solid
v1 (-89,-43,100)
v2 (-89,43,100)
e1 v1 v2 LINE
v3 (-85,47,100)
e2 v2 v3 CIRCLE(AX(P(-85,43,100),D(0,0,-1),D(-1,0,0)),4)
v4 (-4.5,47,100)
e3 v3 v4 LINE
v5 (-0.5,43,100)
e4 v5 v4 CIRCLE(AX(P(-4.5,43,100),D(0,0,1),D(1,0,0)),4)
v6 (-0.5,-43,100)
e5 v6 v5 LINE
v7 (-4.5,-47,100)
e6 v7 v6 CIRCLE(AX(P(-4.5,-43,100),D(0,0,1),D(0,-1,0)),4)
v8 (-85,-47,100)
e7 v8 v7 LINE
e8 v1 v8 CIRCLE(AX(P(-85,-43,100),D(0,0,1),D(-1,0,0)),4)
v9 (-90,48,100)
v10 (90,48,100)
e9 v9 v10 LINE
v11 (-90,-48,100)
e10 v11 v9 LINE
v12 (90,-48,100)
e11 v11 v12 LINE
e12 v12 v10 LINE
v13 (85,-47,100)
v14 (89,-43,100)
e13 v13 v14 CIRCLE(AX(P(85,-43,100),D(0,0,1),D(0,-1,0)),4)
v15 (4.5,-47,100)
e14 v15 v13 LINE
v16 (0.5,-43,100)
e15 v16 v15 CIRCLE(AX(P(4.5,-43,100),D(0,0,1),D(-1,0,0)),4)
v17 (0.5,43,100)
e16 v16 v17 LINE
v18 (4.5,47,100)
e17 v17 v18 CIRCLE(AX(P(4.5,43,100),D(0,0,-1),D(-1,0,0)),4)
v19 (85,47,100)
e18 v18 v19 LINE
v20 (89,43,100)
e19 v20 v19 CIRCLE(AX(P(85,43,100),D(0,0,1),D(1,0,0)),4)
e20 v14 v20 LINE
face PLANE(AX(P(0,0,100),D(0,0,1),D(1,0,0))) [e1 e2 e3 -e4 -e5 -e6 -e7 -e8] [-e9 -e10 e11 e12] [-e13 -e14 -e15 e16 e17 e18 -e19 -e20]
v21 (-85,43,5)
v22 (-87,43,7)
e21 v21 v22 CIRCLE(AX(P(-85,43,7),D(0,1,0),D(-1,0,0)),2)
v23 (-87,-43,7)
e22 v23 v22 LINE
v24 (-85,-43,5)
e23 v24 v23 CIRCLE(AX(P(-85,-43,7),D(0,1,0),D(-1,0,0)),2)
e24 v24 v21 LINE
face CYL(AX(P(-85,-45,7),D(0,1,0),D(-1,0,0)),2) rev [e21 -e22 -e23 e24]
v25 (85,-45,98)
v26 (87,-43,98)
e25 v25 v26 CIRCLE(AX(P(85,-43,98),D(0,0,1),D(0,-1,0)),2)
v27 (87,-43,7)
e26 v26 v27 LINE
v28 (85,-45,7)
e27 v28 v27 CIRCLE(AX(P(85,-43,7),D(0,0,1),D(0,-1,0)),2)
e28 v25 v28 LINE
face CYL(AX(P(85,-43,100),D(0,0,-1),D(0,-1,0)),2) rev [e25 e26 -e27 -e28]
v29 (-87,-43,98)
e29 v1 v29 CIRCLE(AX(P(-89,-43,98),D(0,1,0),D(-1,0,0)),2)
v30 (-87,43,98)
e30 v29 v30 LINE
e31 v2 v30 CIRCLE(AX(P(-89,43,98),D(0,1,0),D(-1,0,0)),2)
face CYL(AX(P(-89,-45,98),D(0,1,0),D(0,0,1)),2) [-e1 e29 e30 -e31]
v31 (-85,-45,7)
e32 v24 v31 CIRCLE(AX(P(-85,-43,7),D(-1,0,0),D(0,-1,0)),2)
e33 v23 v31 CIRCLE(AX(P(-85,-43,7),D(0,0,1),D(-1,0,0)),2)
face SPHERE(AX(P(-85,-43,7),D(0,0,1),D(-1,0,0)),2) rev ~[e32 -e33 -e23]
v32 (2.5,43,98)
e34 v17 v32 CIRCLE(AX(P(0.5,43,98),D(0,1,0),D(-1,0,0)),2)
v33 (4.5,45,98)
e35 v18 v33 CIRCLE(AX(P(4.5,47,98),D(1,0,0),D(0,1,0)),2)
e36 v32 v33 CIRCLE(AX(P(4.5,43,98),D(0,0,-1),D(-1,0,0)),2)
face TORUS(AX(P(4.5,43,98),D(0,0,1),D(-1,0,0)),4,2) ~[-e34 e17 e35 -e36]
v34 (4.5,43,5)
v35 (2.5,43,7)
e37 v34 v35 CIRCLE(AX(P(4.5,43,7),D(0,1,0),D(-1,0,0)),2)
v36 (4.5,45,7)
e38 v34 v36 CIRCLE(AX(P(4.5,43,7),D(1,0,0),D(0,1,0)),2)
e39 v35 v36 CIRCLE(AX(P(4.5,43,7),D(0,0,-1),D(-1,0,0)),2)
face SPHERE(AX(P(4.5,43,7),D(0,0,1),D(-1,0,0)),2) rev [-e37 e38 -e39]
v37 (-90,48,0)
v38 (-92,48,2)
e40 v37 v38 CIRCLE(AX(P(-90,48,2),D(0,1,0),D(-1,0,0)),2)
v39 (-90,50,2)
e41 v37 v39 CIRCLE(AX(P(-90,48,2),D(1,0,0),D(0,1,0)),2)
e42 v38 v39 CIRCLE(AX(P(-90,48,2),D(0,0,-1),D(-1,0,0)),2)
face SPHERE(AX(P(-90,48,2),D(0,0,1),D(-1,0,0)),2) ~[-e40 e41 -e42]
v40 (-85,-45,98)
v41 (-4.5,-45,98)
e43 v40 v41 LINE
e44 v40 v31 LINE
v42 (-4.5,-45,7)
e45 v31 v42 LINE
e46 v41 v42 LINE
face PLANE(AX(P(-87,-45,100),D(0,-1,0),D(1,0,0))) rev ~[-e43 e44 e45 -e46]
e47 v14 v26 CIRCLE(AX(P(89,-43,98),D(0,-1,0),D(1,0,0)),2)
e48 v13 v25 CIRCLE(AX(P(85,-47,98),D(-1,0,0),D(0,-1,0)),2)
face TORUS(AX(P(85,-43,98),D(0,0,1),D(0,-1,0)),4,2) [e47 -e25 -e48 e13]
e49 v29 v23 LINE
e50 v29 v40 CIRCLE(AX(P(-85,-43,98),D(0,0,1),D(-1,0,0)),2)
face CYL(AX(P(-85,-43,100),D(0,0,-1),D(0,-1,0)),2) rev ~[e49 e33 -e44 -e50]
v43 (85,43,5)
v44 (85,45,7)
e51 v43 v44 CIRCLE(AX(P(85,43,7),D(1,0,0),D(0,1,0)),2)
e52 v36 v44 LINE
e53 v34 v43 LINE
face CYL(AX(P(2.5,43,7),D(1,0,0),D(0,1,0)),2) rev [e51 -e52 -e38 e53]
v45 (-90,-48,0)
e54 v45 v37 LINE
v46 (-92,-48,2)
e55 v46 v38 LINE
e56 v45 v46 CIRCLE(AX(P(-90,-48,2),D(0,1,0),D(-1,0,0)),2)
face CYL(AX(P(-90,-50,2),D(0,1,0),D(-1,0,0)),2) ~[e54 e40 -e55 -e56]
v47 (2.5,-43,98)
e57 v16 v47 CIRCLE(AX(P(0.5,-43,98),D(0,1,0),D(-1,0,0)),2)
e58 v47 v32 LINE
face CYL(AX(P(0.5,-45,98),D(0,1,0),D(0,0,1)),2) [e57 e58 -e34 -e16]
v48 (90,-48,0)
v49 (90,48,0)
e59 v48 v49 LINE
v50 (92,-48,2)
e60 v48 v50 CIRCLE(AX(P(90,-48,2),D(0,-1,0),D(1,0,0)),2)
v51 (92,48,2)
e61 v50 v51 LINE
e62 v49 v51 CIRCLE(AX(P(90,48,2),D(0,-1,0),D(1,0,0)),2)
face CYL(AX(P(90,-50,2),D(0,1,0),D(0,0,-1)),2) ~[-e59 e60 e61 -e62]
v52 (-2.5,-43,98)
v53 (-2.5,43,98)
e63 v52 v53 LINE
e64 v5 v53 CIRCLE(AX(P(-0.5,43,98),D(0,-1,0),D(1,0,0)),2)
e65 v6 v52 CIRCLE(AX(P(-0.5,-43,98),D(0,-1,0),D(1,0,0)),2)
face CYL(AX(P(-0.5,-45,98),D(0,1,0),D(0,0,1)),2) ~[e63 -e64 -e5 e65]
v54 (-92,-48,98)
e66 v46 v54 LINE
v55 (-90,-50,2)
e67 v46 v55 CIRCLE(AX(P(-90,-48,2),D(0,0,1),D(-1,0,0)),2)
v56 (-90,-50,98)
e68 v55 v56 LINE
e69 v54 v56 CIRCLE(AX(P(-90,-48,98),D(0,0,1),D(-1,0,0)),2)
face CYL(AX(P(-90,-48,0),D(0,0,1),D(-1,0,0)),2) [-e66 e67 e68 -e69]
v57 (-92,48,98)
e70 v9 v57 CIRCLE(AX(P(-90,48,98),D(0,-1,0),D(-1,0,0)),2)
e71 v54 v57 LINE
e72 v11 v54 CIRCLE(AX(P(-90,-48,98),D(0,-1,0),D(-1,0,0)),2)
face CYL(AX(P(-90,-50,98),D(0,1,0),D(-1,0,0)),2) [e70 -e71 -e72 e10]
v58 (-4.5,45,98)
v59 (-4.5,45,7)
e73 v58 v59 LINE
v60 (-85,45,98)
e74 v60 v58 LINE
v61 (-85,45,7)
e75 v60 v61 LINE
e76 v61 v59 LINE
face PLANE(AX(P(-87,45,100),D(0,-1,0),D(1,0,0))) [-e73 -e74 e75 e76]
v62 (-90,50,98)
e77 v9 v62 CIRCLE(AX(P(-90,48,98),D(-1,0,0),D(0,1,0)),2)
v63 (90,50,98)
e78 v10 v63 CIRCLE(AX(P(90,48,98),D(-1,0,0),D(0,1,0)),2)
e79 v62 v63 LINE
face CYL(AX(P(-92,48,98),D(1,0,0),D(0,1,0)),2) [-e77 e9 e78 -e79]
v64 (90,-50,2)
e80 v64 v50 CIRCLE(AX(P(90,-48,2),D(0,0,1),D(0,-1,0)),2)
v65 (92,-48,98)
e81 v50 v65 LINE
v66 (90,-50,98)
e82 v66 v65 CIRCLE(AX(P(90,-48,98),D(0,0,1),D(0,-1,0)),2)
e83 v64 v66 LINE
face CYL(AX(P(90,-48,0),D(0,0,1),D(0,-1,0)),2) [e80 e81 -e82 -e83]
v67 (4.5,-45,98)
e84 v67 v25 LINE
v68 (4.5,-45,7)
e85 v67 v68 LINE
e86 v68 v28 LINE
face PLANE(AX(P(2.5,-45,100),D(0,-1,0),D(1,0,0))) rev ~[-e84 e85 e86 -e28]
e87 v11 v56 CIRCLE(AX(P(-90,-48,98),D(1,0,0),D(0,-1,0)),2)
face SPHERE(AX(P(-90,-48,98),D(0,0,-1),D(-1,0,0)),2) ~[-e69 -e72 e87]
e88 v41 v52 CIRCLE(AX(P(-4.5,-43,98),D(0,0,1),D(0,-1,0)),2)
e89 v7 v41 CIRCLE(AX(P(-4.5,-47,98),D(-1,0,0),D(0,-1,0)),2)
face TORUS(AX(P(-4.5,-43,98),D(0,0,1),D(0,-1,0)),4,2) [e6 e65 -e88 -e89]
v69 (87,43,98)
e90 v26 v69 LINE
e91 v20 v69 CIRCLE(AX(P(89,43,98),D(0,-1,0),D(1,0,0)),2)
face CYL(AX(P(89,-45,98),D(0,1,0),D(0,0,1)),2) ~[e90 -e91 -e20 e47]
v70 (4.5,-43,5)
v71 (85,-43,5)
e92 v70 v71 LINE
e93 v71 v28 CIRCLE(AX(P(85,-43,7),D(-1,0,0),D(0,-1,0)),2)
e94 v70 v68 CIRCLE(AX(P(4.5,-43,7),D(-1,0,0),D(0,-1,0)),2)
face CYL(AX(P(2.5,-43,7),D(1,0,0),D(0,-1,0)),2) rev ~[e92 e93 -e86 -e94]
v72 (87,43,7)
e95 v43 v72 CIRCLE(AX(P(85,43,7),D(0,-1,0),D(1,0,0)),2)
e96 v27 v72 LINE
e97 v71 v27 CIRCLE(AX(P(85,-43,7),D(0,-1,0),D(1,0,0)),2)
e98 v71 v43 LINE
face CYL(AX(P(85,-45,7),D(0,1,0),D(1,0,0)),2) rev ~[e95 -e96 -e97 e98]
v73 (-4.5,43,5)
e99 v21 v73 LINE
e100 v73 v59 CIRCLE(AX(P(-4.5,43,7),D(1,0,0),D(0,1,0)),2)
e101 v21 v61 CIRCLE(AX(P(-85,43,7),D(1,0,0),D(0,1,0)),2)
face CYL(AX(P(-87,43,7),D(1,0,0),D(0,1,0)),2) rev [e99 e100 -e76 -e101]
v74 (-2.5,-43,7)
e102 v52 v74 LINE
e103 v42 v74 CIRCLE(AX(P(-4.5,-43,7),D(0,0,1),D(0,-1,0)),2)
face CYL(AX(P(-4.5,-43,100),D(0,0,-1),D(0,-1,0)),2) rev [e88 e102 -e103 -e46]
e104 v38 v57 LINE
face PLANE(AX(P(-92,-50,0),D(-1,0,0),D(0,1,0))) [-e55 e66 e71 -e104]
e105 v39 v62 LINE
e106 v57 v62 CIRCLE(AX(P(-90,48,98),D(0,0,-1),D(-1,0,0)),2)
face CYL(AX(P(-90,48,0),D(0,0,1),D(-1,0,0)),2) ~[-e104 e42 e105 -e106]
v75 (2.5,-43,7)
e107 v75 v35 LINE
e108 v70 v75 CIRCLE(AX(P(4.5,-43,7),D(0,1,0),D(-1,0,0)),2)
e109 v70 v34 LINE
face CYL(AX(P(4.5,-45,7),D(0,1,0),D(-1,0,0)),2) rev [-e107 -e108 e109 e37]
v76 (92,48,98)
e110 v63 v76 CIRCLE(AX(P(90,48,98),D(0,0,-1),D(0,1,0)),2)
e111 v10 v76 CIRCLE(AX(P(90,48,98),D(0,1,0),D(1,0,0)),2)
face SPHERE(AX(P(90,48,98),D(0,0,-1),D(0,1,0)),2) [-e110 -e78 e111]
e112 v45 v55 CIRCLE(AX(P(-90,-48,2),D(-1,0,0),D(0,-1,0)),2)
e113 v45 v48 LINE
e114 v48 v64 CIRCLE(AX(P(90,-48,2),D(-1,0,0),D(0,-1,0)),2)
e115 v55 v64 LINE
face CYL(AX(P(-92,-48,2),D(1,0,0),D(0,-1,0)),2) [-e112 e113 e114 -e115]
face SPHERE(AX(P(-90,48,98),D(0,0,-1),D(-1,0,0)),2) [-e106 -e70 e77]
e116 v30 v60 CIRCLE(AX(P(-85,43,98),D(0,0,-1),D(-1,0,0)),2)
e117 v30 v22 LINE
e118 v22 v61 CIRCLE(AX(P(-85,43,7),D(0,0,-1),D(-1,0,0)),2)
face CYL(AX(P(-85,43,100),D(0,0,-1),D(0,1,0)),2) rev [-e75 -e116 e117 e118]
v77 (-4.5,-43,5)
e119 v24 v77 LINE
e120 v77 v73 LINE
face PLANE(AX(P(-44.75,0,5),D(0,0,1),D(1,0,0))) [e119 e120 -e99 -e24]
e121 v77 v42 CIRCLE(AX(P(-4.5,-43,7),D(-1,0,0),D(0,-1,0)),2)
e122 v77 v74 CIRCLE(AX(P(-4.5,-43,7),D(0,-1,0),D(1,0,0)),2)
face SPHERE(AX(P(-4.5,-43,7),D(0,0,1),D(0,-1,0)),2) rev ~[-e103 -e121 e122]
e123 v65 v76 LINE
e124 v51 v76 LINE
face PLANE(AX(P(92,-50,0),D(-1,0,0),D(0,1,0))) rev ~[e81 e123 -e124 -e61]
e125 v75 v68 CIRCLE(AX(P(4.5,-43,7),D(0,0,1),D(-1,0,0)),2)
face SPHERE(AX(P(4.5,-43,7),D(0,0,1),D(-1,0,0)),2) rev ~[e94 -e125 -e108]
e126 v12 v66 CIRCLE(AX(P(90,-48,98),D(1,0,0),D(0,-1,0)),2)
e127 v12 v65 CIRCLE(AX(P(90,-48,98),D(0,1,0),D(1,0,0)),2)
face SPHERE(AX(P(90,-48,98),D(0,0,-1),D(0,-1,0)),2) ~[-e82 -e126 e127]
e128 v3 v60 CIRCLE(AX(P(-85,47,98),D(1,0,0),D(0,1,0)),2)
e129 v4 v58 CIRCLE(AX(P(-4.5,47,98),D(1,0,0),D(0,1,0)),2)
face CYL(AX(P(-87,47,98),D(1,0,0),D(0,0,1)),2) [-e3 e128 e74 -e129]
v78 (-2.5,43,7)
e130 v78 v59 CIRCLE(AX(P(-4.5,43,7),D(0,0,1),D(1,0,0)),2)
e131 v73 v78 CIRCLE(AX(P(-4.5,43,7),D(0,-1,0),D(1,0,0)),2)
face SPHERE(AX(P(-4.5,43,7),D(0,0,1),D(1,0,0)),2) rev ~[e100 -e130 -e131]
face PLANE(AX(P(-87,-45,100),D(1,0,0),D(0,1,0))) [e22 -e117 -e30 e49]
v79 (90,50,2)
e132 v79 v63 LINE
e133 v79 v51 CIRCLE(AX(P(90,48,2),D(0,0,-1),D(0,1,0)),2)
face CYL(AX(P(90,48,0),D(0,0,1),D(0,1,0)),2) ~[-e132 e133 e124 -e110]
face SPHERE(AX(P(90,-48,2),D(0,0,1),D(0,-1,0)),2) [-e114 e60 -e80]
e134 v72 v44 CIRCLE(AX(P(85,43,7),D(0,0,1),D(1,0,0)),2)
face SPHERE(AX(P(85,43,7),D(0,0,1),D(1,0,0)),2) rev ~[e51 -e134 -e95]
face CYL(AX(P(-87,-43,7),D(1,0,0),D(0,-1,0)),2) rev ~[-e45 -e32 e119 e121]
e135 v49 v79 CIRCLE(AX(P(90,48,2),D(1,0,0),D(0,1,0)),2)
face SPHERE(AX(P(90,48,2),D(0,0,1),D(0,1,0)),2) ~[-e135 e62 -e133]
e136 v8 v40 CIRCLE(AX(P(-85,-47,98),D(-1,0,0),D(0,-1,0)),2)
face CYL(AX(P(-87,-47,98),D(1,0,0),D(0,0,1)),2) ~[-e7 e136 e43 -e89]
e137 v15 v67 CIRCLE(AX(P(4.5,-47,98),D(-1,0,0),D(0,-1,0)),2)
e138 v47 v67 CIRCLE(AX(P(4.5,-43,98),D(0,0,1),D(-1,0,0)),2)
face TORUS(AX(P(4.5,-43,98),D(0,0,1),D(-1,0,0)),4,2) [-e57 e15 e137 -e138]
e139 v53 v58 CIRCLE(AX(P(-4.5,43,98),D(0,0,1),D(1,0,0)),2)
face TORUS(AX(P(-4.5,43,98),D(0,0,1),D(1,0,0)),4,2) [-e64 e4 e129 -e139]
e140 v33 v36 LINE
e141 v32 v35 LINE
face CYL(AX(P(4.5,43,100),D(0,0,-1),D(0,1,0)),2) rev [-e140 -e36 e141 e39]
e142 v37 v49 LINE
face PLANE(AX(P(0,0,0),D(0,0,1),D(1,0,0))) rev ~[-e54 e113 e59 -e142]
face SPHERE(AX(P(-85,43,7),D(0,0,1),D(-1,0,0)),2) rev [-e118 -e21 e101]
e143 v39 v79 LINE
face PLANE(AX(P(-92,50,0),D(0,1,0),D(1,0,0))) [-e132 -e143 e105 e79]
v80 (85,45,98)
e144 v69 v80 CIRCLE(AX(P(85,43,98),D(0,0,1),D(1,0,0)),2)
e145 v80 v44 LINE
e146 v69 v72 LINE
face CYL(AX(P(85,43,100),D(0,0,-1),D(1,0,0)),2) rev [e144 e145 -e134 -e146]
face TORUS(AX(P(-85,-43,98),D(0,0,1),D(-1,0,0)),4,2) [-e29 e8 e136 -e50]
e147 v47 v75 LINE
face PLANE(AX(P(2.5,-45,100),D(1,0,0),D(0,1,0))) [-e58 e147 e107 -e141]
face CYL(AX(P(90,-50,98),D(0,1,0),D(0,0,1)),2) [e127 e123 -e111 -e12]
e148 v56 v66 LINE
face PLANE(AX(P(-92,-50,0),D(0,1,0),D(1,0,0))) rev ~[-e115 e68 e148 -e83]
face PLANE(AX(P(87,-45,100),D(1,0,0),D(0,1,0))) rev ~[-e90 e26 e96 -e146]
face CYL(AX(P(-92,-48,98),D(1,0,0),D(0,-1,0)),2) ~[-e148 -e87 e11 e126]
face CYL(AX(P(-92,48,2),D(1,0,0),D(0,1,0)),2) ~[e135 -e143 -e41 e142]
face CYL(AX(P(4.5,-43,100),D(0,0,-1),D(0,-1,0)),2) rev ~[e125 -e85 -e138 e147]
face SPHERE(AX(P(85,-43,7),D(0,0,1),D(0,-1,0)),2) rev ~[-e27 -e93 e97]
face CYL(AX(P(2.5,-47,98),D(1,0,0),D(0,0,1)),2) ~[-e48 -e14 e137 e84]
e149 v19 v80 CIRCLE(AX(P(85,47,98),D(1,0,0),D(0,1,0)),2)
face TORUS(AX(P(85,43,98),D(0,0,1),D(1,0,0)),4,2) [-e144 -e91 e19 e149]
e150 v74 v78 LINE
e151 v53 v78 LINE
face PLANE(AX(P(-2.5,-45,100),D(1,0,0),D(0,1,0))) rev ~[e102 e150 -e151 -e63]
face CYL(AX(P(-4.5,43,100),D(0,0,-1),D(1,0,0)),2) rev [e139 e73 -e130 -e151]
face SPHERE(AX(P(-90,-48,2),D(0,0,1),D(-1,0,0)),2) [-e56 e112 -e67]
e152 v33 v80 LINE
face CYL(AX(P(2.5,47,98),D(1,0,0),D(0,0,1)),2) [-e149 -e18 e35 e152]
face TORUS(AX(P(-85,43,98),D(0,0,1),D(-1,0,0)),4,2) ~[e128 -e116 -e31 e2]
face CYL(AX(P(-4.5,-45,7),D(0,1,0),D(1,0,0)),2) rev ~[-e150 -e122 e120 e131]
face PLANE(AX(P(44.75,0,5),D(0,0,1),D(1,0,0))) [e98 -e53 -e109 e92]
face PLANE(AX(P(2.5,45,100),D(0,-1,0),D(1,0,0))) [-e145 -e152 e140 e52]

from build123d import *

# Parameters (mm, degrees)
SKETCH_W     = 184
SKETCH_H     = 100
PAD_DEPTH    = 100
SKETCH001_W  = 84.5
SKETCH001_H  = 90
POCKET_DEPTH = 95
FILLET_R     = 2


with BuildPart() as part:
    # Sketch → Pad (new body)
    with BuildSketch(Plane.XY):
        Rectangle(SKETCH_W, SKETCH_H)
    extrude(amount=PAD_DEPTH)

    # Sketch001 (on Face6 of Pad) → Pocket (cut)
    with BuildSketch(Plane.XY.offset(100)):
        with Locations((-44.75, 0)):
            Rectangle(SKETCH001_W, SKETCH001_H)
        with Locations((44.75, 0)):
            Rectangle(SKETCH001_W, SKETCH001_H)
    extrude(amount=-POCKET_DEPTH, mode=Mode.SUBTRACT)

    # Fillet
    fillet_edges = [part.edges().sort_by_distance(p)[0] for p in [
        (-92, 50, 50),
        (-92, -50, 50),
        (-92, 0, 0),
        (-92, 0, 100),
        (92, 50, 50),
        (0, 50, 0),
        (0, 50, 100),
        (92, -50, 50),
        (0, -50, 0),
        (0, -50, 100),
        (92, 0, 0),
        (92, 0, 100),
        (-87, 0, 100),
        (-44.75, -45, 100),
        (-2.5, 0, 100),
        (-44.75, 45, 100),
        (2.5, 0, 100),
        (44.75, -45, 100),
        (87, 0, 100),
        (44.75, 45, 100),
        (-87, 45, 52.5),
        (-87, -45, 52.5),
        (-87, 0, 5),
        (-2.5, -45, 52.5),
        (-44.75, -45, 5),
        (-2.5, 45, 52.5),
        (-2.5, 0, 5),
        (-44.75, 45, 5),
        (2.5, 45, 52.5),
        (2.5, -45, 52.5),
        (2.5, 0, 5),
        (87, -45, 52.5),
        (44.75, -45, 5),
        (87, 45, 52.5),
        (87, 0, 5),
        (44.75, 45, 5),
    ]]
    fillet(fillet_edges, radius=FILLET_R)


solid = part.part
